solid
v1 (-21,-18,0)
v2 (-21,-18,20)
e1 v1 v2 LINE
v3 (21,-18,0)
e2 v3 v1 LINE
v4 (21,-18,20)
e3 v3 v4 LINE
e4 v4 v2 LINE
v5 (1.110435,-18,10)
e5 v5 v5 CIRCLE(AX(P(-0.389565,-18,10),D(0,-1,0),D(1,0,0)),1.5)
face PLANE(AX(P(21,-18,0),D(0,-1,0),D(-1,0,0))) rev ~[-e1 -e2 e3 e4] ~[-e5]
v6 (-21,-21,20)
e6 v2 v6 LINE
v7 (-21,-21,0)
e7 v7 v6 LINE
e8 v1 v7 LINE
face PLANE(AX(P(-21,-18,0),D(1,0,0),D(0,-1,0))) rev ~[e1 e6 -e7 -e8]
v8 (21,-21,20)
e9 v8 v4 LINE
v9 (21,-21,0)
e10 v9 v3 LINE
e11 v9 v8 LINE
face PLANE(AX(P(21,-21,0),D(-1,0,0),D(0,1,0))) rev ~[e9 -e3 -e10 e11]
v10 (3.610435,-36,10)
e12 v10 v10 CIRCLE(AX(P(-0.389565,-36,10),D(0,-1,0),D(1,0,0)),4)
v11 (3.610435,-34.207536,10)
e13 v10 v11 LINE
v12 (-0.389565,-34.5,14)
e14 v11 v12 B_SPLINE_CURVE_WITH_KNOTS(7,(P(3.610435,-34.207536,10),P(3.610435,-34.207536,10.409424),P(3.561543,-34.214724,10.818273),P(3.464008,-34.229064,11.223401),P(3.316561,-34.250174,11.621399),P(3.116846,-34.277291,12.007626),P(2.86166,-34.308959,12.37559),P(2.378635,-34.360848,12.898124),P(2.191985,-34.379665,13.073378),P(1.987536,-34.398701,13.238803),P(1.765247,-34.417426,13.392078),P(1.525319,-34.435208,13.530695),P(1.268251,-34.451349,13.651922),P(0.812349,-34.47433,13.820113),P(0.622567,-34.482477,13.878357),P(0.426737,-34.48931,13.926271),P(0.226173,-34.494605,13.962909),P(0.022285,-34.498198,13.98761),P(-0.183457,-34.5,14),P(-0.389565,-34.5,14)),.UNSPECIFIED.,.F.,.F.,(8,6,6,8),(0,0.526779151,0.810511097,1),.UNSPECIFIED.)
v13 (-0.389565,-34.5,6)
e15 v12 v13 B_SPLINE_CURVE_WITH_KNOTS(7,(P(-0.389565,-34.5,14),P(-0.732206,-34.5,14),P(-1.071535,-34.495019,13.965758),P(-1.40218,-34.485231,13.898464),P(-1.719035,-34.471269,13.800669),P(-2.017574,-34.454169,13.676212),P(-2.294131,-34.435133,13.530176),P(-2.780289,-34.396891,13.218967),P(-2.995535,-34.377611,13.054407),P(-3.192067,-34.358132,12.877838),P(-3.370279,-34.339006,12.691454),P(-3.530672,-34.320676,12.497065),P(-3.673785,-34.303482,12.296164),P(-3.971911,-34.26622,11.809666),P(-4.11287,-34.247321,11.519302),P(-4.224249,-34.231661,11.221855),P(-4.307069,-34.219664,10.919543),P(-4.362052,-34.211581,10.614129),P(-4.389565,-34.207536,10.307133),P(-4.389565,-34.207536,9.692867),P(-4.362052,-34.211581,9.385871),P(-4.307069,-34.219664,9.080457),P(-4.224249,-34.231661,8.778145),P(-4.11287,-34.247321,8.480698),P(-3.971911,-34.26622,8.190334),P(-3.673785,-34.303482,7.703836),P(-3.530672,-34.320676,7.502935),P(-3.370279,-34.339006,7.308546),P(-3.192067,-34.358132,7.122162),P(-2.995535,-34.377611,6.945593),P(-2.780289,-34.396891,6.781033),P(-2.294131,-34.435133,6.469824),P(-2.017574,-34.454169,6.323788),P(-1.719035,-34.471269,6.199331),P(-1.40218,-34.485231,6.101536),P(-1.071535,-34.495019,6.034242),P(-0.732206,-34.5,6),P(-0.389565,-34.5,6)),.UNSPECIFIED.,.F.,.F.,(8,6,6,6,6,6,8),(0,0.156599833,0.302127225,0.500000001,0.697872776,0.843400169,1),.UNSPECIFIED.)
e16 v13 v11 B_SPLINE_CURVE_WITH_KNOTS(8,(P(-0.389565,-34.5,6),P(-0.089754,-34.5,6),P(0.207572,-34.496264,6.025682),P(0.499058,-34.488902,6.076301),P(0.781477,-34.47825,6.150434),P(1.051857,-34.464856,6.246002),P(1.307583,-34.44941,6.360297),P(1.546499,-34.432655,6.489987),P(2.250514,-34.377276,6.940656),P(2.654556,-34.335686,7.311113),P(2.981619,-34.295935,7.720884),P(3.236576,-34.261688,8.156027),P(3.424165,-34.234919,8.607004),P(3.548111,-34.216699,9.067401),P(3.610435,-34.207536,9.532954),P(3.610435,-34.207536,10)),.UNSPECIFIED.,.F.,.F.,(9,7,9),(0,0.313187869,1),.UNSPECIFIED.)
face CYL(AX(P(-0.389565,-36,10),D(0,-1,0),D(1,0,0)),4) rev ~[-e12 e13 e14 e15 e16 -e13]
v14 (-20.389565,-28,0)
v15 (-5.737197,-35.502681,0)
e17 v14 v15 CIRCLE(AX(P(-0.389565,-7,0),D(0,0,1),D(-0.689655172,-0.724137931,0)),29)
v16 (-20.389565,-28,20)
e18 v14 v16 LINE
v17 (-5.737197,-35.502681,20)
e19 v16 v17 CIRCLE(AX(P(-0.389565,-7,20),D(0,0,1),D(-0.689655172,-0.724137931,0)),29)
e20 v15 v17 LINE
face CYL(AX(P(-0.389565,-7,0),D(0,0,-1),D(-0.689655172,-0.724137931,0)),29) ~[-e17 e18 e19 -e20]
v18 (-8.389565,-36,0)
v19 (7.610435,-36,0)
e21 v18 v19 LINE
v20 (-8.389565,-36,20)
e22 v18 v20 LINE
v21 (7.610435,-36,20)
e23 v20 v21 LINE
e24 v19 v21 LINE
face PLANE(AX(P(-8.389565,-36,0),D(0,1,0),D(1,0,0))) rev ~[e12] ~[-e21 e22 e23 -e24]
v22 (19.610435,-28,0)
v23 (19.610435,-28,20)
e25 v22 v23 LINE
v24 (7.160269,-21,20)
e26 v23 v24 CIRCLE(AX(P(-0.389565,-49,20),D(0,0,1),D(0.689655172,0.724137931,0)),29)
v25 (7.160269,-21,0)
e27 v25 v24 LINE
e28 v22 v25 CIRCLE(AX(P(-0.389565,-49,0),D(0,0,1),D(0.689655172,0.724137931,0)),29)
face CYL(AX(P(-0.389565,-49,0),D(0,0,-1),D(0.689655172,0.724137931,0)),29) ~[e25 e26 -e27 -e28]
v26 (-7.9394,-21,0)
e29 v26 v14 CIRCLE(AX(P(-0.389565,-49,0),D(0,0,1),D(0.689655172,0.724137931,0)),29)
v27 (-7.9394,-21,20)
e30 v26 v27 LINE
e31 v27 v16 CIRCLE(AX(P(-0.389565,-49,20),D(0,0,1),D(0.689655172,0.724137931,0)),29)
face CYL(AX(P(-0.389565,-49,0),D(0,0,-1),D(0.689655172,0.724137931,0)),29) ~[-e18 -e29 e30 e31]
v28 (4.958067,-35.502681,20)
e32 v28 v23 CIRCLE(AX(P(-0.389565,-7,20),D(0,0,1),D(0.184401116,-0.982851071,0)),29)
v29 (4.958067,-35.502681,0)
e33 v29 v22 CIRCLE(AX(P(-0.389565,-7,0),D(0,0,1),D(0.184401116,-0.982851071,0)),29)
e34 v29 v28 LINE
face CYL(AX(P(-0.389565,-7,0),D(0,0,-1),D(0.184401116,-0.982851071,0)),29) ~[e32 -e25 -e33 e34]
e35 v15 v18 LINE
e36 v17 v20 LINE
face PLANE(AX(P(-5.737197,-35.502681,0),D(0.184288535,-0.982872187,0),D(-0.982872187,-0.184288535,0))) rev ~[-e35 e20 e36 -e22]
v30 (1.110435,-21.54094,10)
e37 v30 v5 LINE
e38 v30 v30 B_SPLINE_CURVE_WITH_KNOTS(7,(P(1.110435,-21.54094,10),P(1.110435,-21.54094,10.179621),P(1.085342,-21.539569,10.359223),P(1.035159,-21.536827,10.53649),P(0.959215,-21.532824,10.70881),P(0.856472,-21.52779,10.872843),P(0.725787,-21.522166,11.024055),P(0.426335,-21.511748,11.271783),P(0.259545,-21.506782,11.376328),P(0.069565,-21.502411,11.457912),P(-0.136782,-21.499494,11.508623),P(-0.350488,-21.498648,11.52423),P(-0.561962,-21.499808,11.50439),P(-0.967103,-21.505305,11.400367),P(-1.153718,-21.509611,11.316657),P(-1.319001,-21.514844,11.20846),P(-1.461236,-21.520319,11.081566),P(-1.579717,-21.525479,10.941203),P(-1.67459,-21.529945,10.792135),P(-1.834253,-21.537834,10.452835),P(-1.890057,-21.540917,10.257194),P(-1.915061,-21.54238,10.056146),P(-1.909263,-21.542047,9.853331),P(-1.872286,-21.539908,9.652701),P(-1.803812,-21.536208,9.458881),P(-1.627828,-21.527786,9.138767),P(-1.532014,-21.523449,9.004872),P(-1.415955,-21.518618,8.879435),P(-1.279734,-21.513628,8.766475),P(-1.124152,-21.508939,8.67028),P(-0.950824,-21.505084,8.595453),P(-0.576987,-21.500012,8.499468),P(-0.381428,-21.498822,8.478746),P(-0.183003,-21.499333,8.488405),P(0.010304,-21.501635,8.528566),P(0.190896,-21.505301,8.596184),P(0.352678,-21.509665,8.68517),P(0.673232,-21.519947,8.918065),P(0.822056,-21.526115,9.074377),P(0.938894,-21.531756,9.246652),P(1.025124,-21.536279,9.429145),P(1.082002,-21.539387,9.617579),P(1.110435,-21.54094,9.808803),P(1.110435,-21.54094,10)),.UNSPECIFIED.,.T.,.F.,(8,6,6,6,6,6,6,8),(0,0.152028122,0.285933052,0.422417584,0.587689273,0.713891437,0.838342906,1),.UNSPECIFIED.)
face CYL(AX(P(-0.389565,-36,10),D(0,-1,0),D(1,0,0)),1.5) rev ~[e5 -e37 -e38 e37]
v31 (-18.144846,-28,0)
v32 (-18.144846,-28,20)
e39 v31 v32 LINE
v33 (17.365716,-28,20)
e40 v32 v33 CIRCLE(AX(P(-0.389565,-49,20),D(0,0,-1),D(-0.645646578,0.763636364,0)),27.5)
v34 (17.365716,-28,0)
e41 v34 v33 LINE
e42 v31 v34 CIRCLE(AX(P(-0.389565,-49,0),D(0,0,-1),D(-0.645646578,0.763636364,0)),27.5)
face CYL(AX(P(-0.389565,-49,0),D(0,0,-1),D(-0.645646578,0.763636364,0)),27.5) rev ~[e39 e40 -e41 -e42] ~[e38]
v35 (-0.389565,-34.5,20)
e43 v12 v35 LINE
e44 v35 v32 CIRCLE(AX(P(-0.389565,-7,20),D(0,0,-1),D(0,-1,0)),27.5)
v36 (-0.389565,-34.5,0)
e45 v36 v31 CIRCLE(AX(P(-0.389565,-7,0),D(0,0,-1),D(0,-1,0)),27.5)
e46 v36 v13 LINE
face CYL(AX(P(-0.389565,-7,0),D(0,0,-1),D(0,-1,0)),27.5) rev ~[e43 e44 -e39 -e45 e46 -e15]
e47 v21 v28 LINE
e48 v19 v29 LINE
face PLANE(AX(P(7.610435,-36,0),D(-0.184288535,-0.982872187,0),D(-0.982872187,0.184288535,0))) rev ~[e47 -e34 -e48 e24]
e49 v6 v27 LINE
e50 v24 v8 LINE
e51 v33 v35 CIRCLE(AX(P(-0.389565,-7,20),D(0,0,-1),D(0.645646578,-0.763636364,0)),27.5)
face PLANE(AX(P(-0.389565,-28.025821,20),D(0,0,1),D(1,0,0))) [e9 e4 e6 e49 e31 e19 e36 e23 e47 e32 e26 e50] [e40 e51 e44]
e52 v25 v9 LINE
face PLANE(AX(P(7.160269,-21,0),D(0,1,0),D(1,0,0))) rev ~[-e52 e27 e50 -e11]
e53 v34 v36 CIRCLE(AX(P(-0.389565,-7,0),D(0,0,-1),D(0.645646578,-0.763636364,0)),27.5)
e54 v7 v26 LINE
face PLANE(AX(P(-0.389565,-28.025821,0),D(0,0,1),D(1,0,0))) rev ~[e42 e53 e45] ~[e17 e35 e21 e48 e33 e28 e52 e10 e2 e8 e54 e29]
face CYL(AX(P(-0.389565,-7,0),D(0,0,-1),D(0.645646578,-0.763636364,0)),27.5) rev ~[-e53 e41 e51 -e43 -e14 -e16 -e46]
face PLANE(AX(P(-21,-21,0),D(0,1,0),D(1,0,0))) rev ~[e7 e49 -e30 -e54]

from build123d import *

# Parameters (mm, degrees)
F1_DEPTH = 20
F2_R     = 4
F2_R_2   = 1.5
F3_DEPTH = 4
F4_DEPTH = 25


with BuildPart() as f1:
    # F0 (on Top) → F1 (new body)
    with BuildSketch(Plane.XY):
        with BuildLine():
            ThreePointArc((4.9580672995, -35.5026810684), (12.8277785568, -32.8128229291), (19.6104349345, -28))
            ThreePointArc((19.6104349345, -28), (13.8230470925, -23.7215179323), (7.1602693698, -21))
            Line((7.1602693698, -21), (-7.9393995008, -21))
            ThreePointArc((-7.9393995008, -21), (-14.6021772235, -23.7215179323), (-20.3895650655, -28))
            ThreePointArc((-20.3895650655, -28), (-13.6069086879, -32.8128229291), (-5.7371974305, -35.5026810684))
            Line((-5.7371974305, -35.5026810684), (-0.3895650655, -34.5))
            Line((-0.3895650655, -34.5), (4.9580672995, -35.5026810684))
        make_face()
        with BuildLine():
            ThreePointArc((17.3657158391, -28), (9.0642701351, -32.8239230172), (-0.3895650655, -34.5))
            ThreePointArc((-0.3895650655, -34.5), (-9.8434002661, -32.8239230172), (-18.1448459701, -28))
            ThreePointArc((-18.1448459701, -28), (-0.3895650655, -21.5), (17.3657158391, -28))
        make_face(mode=Mode.SUBTRACT)
        with BuildLine():
            Line((7.6104349345, -36), (4.9580672995, -35.5026810684))
            ThreePointArc((4.9580672995, -35.5026810684), (2.295788637, -35.8754026031), (-0.3895650655, -36))
            Line((-0.3895650655, -36), (7.6104349345, -36))
        make_face()
        with BuildLine():
            Line((-8.3895650655, -36), (-0.3895650655, -36))
            ThreePointArc((-0.3895650655, -36), (-3.074918768, -35.8754026031), (-5.7371974305, -35.5026810684))
            Line((-5.7371974305, -35.5026810684), (-8.3895650655, -36))
        make_face()
        with BuildLine():
            ThreePointArc((-0.3895650655, -36), (2.295788637, -35.8754026031), (4.9580672995, -35.5026810684))
            Line((4.9580672995, -35.5026810684), (-0.3895650655, -34.5))
            Line((-0.3895650655, -34.5), (-5.7371974305, -35.5026810684))
            ThreePointArc((-5.7371974305, -35.5026810684), (-3.074918768, -35.8754026031), (-0.3895650655, -36))
        make_face()
        with BuildLine():
            Line((-7.9393995008, -21), (7.1602693698, -21))
            ThreePointArc((7.1602693698, -21), (-0.3895650655, -20), (-7.9393995008, -21))
        make_face()
        with BuildLine():
            ThreePointArc((-7.9393995008, -21), (-0.3895650655, -20), (7.1602693698, -21))
            Line((7.1602693698, -21), (21, -21))
            Line((21, -21), (21, -18))
            Line((21, -18), (0, -18))
            Line((0, -18), (-21, -18))
            Line((-21, -18), (-21, -21))
            Line((-21, -21), (-7.9393995008, -21))
        make_face()
    extrude(amount=F1_DEPTH)

    # F2 (on face) → F3 (cut)
    with BuildSketch(Plane.XZ.offset(36)):
        with Locations((-0.3895650655, 10)):
            Circle(F2_R)
        with Locations((-0.3895650655, 10)):
            Circle(F2_R_2, mode=Mode.SUBTRACT)
    extrude(amount=-F3_DEPTH, mode=Mode.SUBTRACT)

    # F4 (cut): a face of the model
    f4_faces = [f1.faces().sort_by_distance(p)[0] for p in [
        (-0.3895650655, -36, 10),
    ]]
    extrude(f4_faces, amount=-F4_DEPTH, mode=Mode.SUBTRACT)


solid = f1.part
